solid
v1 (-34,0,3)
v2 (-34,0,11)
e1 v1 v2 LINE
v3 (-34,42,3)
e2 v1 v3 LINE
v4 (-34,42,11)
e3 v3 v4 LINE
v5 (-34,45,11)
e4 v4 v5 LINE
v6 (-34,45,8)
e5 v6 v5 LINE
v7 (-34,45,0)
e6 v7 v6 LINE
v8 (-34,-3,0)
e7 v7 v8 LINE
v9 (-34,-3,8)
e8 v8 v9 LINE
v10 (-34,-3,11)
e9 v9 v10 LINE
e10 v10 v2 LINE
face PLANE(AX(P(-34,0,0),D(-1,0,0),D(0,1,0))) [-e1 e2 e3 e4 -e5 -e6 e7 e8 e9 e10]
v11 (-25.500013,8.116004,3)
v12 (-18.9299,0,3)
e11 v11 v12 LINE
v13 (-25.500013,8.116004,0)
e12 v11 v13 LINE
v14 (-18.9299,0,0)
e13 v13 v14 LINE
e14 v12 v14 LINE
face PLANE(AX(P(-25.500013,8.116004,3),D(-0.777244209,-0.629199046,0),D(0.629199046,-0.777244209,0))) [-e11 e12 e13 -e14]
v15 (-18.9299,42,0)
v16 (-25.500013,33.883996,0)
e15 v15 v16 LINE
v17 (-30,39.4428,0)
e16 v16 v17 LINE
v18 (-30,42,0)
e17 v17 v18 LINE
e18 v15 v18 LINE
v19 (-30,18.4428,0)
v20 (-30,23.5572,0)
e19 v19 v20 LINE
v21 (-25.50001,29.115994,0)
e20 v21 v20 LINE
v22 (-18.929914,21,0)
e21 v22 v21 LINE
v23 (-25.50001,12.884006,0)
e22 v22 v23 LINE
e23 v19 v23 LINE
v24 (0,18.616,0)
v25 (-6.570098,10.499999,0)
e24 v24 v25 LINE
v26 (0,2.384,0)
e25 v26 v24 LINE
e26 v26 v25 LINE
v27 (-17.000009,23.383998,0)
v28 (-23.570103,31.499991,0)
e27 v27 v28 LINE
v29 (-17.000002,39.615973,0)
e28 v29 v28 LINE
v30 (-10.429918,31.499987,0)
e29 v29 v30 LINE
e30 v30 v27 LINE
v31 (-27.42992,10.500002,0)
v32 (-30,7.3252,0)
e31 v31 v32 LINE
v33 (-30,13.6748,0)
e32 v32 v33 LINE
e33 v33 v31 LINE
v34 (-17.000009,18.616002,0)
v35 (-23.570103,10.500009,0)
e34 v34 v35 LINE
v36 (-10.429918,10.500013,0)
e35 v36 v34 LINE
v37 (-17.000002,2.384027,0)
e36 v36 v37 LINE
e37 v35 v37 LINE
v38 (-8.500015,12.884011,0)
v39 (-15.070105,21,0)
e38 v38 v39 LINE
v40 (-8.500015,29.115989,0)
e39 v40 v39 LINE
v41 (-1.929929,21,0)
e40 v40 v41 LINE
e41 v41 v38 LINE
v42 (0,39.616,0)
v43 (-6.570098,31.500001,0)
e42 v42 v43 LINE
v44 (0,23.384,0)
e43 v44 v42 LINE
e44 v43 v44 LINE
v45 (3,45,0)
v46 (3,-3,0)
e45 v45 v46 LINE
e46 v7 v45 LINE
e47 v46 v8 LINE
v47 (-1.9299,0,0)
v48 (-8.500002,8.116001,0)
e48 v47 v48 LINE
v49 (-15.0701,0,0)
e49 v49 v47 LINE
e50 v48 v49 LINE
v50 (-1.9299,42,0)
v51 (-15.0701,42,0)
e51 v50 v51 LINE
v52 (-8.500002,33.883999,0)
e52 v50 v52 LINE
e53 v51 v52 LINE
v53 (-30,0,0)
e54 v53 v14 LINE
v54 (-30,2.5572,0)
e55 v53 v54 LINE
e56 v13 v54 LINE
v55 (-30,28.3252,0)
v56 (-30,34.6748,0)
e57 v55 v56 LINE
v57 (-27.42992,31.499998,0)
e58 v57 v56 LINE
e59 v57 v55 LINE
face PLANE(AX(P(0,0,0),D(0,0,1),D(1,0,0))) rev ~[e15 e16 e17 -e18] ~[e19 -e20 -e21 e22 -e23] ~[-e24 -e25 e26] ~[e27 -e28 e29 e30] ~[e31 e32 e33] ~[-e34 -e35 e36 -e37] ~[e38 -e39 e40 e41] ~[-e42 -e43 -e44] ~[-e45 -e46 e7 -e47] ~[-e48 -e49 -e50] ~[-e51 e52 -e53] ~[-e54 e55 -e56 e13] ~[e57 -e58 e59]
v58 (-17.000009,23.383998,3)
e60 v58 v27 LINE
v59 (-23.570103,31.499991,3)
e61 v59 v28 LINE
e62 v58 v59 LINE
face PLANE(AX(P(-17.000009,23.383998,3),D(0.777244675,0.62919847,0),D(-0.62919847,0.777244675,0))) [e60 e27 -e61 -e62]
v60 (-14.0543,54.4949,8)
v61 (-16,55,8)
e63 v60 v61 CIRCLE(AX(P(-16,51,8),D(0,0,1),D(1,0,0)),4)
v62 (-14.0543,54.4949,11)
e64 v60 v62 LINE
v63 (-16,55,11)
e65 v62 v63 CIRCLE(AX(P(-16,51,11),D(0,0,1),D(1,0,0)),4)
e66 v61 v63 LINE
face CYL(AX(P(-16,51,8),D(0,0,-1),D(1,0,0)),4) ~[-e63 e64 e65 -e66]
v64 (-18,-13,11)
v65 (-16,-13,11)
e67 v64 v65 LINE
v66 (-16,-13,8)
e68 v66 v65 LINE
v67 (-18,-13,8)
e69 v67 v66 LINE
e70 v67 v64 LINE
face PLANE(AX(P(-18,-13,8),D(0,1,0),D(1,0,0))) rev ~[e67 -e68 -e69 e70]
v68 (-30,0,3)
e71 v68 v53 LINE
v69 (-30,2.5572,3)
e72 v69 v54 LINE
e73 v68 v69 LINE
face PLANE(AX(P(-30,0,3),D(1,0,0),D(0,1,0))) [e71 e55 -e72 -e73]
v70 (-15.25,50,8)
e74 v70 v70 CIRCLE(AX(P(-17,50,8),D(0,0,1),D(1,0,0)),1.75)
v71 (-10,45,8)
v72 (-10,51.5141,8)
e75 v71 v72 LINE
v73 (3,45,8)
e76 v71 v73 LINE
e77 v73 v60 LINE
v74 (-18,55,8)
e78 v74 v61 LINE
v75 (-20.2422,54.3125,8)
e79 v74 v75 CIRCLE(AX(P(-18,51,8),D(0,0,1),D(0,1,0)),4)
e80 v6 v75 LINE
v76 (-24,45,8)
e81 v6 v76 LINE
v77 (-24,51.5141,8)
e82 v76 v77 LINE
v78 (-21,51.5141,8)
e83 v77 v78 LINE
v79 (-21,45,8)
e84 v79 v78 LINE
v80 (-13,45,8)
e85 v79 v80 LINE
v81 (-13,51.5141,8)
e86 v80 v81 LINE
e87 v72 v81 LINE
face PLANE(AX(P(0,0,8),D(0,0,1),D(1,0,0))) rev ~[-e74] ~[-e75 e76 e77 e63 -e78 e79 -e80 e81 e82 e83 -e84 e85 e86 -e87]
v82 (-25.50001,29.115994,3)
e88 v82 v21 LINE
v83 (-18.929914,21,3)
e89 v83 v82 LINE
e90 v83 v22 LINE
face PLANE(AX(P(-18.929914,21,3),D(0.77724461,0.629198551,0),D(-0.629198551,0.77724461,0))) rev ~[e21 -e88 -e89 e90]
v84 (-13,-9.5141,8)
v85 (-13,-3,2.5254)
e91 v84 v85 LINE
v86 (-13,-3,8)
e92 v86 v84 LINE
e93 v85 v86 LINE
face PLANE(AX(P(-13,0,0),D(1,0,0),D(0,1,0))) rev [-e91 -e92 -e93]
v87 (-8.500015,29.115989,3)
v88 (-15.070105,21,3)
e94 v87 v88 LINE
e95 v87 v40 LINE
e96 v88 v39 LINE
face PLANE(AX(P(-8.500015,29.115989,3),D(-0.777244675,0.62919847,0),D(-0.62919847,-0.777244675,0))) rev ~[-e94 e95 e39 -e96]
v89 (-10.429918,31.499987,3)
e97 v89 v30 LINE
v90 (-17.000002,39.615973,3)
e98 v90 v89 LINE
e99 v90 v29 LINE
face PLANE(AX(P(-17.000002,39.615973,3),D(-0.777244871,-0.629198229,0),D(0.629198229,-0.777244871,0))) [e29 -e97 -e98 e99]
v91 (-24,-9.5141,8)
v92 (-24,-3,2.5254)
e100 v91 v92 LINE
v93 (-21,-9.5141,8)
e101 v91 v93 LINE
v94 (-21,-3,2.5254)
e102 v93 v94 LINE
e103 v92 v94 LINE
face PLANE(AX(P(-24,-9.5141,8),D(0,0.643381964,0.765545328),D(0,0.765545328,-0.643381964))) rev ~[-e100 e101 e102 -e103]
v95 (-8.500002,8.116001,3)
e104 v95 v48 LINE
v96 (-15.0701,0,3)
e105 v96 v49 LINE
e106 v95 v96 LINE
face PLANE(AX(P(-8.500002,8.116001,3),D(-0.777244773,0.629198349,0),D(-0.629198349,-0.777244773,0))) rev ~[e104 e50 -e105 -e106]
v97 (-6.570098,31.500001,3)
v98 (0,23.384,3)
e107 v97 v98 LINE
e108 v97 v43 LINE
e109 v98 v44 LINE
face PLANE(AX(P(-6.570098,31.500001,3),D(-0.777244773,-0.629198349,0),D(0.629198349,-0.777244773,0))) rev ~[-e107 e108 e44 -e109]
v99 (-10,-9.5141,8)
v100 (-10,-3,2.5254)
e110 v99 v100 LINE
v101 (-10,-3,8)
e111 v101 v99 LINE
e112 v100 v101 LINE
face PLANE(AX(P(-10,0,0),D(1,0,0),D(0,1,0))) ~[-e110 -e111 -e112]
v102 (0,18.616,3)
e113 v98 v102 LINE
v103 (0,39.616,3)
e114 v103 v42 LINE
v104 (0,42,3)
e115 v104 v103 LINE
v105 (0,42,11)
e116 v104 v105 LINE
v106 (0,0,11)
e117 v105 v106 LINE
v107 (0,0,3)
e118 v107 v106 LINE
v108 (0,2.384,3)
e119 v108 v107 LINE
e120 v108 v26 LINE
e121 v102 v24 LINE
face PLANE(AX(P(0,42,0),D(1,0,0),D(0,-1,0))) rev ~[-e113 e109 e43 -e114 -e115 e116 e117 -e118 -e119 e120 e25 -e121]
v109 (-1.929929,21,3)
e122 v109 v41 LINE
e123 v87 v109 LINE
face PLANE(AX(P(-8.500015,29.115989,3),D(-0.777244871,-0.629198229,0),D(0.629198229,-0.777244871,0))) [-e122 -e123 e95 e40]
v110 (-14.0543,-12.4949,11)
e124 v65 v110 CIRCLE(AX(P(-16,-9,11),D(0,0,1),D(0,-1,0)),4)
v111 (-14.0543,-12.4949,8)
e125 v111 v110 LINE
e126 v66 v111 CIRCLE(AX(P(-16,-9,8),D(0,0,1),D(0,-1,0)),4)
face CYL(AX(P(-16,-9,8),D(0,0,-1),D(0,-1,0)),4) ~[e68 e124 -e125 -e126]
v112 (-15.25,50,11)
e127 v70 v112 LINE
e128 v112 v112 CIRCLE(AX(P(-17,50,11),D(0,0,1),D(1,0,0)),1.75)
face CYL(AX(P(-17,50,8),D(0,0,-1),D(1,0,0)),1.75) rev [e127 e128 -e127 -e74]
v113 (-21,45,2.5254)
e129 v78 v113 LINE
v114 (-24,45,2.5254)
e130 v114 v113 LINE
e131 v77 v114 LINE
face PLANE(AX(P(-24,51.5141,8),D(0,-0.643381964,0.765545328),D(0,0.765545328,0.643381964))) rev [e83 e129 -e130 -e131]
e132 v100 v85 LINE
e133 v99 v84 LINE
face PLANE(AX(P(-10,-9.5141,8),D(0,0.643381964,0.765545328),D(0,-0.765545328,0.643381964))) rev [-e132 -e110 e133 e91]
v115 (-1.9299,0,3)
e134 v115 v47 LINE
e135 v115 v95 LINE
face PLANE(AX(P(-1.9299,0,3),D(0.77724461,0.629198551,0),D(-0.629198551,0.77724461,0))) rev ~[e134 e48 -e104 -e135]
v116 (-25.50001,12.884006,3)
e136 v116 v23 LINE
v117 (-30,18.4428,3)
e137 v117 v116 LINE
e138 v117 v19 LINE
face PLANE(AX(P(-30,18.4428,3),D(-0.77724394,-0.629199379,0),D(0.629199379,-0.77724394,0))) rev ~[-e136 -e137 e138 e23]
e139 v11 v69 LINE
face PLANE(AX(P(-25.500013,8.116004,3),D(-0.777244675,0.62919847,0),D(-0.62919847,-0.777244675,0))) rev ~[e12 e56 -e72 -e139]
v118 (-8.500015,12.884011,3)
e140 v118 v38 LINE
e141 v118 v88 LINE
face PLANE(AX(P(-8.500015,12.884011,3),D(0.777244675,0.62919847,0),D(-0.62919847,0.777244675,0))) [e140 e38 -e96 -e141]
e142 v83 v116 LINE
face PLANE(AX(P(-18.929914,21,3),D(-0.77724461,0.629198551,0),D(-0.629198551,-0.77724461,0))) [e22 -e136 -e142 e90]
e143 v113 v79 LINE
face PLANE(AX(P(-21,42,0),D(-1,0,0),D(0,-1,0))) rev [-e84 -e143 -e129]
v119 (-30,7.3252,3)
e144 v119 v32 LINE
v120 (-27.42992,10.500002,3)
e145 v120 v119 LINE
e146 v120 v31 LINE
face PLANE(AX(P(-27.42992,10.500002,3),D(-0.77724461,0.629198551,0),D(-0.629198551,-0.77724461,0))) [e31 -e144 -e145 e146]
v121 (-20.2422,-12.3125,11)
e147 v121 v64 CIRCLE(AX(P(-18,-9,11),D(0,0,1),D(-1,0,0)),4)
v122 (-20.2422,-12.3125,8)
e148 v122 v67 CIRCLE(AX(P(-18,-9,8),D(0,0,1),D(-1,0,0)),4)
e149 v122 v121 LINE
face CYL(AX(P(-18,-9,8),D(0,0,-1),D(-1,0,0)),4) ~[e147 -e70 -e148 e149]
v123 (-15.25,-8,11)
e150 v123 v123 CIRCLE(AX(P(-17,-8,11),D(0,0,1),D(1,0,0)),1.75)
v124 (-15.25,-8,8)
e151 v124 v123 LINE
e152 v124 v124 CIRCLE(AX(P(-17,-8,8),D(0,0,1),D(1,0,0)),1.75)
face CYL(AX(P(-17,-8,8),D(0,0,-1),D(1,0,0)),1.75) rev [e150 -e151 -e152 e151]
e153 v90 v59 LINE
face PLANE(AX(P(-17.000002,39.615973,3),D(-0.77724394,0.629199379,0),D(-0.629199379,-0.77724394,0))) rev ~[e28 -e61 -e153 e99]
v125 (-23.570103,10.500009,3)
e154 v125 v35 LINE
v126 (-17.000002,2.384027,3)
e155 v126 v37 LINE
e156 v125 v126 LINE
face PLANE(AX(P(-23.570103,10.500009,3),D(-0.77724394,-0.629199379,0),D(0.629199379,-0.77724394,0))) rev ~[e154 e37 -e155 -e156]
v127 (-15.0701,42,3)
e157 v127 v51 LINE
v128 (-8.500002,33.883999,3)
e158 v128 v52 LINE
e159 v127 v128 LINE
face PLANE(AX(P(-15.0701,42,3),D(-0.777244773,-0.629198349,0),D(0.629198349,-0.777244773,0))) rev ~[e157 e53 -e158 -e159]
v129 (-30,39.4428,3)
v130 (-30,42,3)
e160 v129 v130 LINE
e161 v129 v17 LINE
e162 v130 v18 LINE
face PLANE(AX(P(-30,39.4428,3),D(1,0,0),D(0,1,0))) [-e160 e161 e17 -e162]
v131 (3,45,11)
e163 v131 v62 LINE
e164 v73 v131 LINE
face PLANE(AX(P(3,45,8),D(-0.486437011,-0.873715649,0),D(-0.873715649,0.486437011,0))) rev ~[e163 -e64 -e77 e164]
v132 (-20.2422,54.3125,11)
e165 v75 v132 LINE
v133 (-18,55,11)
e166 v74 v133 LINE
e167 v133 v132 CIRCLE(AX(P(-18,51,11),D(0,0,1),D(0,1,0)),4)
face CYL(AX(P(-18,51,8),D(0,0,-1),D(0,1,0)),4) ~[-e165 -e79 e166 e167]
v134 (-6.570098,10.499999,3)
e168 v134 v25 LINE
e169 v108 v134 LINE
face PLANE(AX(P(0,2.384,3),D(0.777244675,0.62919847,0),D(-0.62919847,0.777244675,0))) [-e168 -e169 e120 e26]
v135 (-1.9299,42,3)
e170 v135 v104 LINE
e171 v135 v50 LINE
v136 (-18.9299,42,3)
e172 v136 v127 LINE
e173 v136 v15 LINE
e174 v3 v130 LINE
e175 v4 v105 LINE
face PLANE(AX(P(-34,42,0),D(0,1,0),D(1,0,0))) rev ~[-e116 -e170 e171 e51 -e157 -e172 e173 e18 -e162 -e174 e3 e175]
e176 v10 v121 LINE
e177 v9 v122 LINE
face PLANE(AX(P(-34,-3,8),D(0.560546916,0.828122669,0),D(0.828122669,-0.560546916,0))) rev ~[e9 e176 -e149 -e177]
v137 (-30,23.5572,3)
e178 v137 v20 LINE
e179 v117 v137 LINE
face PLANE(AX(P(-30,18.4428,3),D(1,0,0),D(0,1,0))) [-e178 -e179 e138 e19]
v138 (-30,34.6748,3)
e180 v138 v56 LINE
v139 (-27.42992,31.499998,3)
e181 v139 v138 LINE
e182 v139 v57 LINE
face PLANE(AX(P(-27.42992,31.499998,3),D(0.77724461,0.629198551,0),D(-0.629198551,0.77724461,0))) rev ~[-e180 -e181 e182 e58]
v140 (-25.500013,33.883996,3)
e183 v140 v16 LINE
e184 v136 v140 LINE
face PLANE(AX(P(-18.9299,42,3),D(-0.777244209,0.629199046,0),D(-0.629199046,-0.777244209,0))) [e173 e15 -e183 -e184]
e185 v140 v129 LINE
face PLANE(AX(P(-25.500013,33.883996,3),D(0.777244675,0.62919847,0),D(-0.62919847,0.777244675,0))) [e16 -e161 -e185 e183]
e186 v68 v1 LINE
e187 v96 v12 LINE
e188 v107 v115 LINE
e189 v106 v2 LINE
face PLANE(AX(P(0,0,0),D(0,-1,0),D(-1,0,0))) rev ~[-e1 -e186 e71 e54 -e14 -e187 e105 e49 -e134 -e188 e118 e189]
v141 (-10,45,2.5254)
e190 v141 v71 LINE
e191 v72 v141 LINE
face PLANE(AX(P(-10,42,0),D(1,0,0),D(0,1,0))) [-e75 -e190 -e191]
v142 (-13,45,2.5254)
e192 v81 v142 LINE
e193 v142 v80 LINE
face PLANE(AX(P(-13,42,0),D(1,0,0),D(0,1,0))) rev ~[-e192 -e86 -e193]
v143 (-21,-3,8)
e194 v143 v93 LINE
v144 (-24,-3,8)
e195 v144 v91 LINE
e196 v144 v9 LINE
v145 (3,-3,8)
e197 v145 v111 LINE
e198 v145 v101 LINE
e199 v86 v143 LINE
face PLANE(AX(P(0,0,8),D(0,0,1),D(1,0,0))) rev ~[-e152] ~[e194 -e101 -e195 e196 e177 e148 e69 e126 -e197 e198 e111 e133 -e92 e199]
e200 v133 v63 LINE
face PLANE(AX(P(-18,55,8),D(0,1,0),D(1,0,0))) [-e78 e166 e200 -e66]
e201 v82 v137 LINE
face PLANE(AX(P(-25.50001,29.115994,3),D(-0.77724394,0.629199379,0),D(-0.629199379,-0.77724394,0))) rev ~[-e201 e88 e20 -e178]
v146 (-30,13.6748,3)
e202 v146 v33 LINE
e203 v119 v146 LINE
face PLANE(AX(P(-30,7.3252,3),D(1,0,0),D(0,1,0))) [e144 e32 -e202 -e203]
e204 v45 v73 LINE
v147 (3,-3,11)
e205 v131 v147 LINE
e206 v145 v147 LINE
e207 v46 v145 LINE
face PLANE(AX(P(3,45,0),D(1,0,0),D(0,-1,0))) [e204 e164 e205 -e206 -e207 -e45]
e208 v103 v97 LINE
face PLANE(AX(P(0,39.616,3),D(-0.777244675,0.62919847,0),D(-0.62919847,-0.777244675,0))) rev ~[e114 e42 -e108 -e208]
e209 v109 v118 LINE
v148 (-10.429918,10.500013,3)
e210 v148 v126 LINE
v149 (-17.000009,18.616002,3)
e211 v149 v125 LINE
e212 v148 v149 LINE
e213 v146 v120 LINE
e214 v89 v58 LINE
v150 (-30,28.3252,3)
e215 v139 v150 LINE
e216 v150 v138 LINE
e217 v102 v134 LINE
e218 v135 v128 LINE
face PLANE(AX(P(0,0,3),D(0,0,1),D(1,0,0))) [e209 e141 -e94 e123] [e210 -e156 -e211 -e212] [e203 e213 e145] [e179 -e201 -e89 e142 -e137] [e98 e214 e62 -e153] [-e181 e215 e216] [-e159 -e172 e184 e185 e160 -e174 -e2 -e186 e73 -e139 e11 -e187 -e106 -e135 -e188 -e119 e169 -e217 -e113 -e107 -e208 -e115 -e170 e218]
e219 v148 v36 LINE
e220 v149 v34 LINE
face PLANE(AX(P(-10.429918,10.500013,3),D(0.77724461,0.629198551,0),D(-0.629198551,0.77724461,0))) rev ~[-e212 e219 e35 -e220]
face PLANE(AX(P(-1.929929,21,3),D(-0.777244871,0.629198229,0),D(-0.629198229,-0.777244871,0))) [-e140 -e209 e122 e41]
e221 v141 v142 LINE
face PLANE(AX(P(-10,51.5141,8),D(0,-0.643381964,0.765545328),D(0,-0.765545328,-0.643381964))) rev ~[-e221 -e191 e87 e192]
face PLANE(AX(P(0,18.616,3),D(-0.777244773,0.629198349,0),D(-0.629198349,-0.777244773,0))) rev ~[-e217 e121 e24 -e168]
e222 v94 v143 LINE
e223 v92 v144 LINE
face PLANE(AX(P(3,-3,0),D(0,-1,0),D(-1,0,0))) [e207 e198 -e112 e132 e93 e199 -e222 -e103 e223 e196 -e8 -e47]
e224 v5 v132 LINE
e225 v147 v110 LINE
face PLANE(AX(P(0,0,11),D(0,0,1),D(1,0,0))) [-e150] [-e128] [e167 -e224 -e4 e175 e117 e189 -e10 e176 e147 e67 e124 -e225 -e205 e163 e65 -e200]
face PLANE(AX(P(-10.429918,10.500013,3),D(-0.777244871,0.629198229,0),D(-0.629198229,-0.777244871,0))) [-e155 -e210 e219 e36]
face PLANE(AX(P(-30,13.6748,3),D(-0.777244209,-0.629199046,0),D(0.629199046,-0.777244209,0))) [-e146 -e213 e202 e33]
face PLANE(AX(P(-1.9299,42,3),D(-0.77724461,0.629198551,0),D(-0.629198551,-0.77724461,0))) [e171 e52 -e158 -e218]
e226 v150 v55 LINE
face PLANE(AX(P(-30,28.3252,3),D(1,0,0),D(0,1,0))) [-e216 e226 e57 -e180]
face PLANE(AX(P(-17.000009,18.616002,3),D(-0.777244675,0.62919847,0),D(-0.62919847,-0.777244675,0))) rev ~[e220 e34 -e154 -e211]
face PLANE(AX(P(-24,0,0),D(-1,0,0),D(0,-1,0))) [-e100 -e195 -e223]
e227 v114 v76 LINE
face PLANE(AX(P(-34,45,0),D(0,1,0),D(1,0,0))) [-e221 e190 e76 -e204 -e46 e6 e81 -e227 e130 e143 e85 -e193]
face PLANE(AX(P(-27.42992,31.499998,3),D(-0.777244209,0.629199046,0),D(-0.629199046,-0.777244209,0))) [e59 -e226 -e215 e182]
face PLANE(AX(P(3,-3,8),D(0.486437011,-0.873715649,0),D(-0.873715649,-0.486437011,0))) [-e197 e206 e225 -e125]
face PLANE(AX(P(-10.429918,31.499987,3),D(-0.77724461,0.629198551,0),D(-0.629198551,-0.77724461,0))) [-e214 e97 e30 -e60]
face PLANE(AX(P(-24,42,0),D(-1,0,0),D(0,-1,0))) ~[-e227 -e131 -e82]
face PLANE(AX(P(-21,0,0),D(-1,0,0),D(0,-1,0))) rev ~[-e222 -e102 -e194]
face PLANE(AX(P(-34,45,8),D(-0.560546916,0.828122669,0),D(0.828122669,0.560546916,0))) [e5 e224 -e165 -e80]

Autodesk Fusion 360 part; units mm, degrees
sketch "Sketch1" plane through (0, 0, 0) normal (0, 0, 1) x (1, 0, 0)
  line L0 (0, 0) -> (-34, 0)
  line L1 (-34, 42) -> (0, 42)
  line L2 (0, 42) -> (0, 0)
  line L3 (-34, -3) -> (-34, 45)
  line L4 (3, -3) -> (-34, -3)
  line L5 (-34, 45) -> (3, 45)
  line L6 (3, 45) -> (3, -3)
  line L7 (-18, 55) -> (-16, 55)
  line L8 (-12, 51) -> (-12, 45)
  line L9 (-12, 45) -> (-22, 45)
  line L10 (-22, 45) -> (-22, 51)
  circle A0 centre (-17, 50) radius 1.75
  arc A1 (-18, 55) -> (-22, 51) centre (-18, 51) ccw
  arc A2 (-12, 51) -> (-16, 55) centre (-16, 51) ccw
  circle A3 centre (-17, -8) radius 1.75
  line L11 (-22, -3) -> (-22, -9)
  arc A4 (-22, -9) -> (-18, -13) centre (-18, -9) ccw
  line L12 (-18, -13) -> (-16, -13)
  arc A5 (-16, -13) -> (-12, -9) centre (-16, -9) ccw
  line L13 (-12, -9) -> (-12, -3)
  line L14 (3, 45) -> (-14.0543, 54.4949)
  line L15 (3, -3) -> (-14.0543, -12.4949)
  line L16 (-34, 45) -> (-20.2422, 54.3125)
  line L17 (-34, -3) -> (-20.2422, -12.3125)
  line L18 (-19.75, -9.5877) -> (-17, -11.1754)
  line L19 (-17, -11.1754) -> (-14.25, -9.5877)
  line L20 (-14.25, -9.5877) -> (-14.25, -6.4123)
  line L21 (-14.25, -6.4123) -> (-17, -4.8246)
  line L22 (-17, -4.8246) -> (-19.75, -6.4123)
  line L23 (-19.75, -6.4123) -> (-19.75, -9.5877)
  point P0 (-22, 55)
  point P1 (-12, 55)
  point P2 (-17, -8)
  dimension "d1" = 34
  dimension "d2" = 42
  dimension "d6" = 10
  dimension "d7" = 10
  dimension "d8" = 3.5
  dimension "d9" = 4
  dimension "d24" = 20
  dimension "d43" = 5
  dimension "d79" = 2.75
extrude "Extrude1" add sketch "Sketch1" along normal blind 11 contours L0 L1 L2 L3 L4 L5 L6 L9
extrude "Extrude2" add sketch "Sketch1" along normal blind 3 from surface at 8 contours L4 L11 A4 L17 | L4 L11 A4 L12 A5 L13 | L5 L10 A1 L16 | L4 A5 L13 L15 | L5 L7 L8 L9 L10 A1 A2 | L5 L8 A2 L14 | L18 L19 L20 L21 L22 L23
extrude "Extrude5" add sketch "Sketch1" along normal blind 3 contours L0 L1 L2 L3
ref_plane "WorkPlane3" through (0, 21, 0) normal (0, 1, 0) x (0, 0, 1)
sketch "Sketch5" plane through (0, 0, 3) normal (0, 0, 1) x (-1, 0, 0)
  line L0 (30, 0) -> (30, -42)
  line L1 (34, -42) -> (34, 0)
  line L2 (34, 0) -> (0, 0)
  line L3 (0, 0) -> (0, -42)
  line L4 (0, -42) -> (34, -42)
  line L5 (34, -42) -> (34, 0)
  line L6 (0, -21) -> (17, 0)
  line L7 (0, -42) -> (30, -4.9412)
  line L8 (17, -42) -> (30, -25.9412)
  line L9 (17, -42) -> (0, -21)
  line L10 (0, 0) -> (30, -37.0588)
  line L11 (30, -16.0588) -> (17, 0)
  line L12 (18.1659, -41.0562) -> (1.1659, -20.0562)
  line L13 (15.0701, -42) -> (0, -23.384)
  line L14 (1.9299, -42) -> (30, -7.3252)
  line L15 (0, -39.616) -> (30, -2.5572)
  line L16 (18.9299, -42) -> (30, -28.3252)
  line L17 (15.8341, -41.0562) -> (30, -23.5572)
  line L18 (1.1659, -21.9438) -> (18.1659, -0.9438)
  line L19 (0, -18.616) -> (15.0701, 0)
  line L20 (0, -2.384) -> (30, -39.4428)
  line L21 (1.9299, 0) -> (30, -34.6748)
  line L22 (30, -13.6748) -> (18.9299, 0)
  line L23 (30, -18.4428) -> (15.8341, -0.9438)
  dimension "d64" = 42
  dimension "d65" = 4
  dimension "d66" = 1.5
  dimension "d72" = 1.5
extrude "Extrude6" cut sketch "Sketch5" against normal blind 5 contours L0 L2 L15 L22 | L0 L14 L22 | L0 L4 L16 L20 | L2 L19 L21 | L15 L18 L21 L23 | L0 L14 L17 L21 L23 | L0 L16 L21 | L4 L13 L14 | L3 L19 L20 | L12 L15 L18 L20 | L12 L14 L17 L20 | L3 L13 L15
sketch "Sketch6" plane through (-34, 0, 0) normal (-1, 0, 0) x (0, -1, 0)
  line L0 (-45, 0) -> (3, 0)
  line L1 (3, 0) -> (3, 8)
  line L2 (3, 8) -> (3, 11)
  line L3 (3, 11) -> (0, 11)
  line L4 (0, 11) -> (0, 3)
  line L5 (0, 3) -> (-42, 3)
  line L6 (-42, 3) -> (-42, 11)
  line L7 (-42, 11) -> (-45, 11)
  line L8 (-45, 11) -> (-45, 8)
  line L9 (-45, 8) -> (-45, 0)
  line L10 (3, 8) -> (12.3125, 8)
  line L11 (3, 0) -> (3, 8)
  line L12 (9.5141, 8) -> (3, 2.5254)
extrude "Extrude8" add sketch "Sketch6" against normal blind 3 from surface at -10 contours L1 L10 L11 L12
ref_plane "WorkPlane4" through (-17, 21, 5.5) normal (-1, 0, 0) x (0, -1, 0)
mirror "Mirror4" about plane through (-17, 21, 5.5) normal (-1, 0, 0) of "Extrude8"
mirror "Mirror5" about plane through (0, 21, 0) normal (0, 1, 0) of "Mirror4", "Extrude8"
